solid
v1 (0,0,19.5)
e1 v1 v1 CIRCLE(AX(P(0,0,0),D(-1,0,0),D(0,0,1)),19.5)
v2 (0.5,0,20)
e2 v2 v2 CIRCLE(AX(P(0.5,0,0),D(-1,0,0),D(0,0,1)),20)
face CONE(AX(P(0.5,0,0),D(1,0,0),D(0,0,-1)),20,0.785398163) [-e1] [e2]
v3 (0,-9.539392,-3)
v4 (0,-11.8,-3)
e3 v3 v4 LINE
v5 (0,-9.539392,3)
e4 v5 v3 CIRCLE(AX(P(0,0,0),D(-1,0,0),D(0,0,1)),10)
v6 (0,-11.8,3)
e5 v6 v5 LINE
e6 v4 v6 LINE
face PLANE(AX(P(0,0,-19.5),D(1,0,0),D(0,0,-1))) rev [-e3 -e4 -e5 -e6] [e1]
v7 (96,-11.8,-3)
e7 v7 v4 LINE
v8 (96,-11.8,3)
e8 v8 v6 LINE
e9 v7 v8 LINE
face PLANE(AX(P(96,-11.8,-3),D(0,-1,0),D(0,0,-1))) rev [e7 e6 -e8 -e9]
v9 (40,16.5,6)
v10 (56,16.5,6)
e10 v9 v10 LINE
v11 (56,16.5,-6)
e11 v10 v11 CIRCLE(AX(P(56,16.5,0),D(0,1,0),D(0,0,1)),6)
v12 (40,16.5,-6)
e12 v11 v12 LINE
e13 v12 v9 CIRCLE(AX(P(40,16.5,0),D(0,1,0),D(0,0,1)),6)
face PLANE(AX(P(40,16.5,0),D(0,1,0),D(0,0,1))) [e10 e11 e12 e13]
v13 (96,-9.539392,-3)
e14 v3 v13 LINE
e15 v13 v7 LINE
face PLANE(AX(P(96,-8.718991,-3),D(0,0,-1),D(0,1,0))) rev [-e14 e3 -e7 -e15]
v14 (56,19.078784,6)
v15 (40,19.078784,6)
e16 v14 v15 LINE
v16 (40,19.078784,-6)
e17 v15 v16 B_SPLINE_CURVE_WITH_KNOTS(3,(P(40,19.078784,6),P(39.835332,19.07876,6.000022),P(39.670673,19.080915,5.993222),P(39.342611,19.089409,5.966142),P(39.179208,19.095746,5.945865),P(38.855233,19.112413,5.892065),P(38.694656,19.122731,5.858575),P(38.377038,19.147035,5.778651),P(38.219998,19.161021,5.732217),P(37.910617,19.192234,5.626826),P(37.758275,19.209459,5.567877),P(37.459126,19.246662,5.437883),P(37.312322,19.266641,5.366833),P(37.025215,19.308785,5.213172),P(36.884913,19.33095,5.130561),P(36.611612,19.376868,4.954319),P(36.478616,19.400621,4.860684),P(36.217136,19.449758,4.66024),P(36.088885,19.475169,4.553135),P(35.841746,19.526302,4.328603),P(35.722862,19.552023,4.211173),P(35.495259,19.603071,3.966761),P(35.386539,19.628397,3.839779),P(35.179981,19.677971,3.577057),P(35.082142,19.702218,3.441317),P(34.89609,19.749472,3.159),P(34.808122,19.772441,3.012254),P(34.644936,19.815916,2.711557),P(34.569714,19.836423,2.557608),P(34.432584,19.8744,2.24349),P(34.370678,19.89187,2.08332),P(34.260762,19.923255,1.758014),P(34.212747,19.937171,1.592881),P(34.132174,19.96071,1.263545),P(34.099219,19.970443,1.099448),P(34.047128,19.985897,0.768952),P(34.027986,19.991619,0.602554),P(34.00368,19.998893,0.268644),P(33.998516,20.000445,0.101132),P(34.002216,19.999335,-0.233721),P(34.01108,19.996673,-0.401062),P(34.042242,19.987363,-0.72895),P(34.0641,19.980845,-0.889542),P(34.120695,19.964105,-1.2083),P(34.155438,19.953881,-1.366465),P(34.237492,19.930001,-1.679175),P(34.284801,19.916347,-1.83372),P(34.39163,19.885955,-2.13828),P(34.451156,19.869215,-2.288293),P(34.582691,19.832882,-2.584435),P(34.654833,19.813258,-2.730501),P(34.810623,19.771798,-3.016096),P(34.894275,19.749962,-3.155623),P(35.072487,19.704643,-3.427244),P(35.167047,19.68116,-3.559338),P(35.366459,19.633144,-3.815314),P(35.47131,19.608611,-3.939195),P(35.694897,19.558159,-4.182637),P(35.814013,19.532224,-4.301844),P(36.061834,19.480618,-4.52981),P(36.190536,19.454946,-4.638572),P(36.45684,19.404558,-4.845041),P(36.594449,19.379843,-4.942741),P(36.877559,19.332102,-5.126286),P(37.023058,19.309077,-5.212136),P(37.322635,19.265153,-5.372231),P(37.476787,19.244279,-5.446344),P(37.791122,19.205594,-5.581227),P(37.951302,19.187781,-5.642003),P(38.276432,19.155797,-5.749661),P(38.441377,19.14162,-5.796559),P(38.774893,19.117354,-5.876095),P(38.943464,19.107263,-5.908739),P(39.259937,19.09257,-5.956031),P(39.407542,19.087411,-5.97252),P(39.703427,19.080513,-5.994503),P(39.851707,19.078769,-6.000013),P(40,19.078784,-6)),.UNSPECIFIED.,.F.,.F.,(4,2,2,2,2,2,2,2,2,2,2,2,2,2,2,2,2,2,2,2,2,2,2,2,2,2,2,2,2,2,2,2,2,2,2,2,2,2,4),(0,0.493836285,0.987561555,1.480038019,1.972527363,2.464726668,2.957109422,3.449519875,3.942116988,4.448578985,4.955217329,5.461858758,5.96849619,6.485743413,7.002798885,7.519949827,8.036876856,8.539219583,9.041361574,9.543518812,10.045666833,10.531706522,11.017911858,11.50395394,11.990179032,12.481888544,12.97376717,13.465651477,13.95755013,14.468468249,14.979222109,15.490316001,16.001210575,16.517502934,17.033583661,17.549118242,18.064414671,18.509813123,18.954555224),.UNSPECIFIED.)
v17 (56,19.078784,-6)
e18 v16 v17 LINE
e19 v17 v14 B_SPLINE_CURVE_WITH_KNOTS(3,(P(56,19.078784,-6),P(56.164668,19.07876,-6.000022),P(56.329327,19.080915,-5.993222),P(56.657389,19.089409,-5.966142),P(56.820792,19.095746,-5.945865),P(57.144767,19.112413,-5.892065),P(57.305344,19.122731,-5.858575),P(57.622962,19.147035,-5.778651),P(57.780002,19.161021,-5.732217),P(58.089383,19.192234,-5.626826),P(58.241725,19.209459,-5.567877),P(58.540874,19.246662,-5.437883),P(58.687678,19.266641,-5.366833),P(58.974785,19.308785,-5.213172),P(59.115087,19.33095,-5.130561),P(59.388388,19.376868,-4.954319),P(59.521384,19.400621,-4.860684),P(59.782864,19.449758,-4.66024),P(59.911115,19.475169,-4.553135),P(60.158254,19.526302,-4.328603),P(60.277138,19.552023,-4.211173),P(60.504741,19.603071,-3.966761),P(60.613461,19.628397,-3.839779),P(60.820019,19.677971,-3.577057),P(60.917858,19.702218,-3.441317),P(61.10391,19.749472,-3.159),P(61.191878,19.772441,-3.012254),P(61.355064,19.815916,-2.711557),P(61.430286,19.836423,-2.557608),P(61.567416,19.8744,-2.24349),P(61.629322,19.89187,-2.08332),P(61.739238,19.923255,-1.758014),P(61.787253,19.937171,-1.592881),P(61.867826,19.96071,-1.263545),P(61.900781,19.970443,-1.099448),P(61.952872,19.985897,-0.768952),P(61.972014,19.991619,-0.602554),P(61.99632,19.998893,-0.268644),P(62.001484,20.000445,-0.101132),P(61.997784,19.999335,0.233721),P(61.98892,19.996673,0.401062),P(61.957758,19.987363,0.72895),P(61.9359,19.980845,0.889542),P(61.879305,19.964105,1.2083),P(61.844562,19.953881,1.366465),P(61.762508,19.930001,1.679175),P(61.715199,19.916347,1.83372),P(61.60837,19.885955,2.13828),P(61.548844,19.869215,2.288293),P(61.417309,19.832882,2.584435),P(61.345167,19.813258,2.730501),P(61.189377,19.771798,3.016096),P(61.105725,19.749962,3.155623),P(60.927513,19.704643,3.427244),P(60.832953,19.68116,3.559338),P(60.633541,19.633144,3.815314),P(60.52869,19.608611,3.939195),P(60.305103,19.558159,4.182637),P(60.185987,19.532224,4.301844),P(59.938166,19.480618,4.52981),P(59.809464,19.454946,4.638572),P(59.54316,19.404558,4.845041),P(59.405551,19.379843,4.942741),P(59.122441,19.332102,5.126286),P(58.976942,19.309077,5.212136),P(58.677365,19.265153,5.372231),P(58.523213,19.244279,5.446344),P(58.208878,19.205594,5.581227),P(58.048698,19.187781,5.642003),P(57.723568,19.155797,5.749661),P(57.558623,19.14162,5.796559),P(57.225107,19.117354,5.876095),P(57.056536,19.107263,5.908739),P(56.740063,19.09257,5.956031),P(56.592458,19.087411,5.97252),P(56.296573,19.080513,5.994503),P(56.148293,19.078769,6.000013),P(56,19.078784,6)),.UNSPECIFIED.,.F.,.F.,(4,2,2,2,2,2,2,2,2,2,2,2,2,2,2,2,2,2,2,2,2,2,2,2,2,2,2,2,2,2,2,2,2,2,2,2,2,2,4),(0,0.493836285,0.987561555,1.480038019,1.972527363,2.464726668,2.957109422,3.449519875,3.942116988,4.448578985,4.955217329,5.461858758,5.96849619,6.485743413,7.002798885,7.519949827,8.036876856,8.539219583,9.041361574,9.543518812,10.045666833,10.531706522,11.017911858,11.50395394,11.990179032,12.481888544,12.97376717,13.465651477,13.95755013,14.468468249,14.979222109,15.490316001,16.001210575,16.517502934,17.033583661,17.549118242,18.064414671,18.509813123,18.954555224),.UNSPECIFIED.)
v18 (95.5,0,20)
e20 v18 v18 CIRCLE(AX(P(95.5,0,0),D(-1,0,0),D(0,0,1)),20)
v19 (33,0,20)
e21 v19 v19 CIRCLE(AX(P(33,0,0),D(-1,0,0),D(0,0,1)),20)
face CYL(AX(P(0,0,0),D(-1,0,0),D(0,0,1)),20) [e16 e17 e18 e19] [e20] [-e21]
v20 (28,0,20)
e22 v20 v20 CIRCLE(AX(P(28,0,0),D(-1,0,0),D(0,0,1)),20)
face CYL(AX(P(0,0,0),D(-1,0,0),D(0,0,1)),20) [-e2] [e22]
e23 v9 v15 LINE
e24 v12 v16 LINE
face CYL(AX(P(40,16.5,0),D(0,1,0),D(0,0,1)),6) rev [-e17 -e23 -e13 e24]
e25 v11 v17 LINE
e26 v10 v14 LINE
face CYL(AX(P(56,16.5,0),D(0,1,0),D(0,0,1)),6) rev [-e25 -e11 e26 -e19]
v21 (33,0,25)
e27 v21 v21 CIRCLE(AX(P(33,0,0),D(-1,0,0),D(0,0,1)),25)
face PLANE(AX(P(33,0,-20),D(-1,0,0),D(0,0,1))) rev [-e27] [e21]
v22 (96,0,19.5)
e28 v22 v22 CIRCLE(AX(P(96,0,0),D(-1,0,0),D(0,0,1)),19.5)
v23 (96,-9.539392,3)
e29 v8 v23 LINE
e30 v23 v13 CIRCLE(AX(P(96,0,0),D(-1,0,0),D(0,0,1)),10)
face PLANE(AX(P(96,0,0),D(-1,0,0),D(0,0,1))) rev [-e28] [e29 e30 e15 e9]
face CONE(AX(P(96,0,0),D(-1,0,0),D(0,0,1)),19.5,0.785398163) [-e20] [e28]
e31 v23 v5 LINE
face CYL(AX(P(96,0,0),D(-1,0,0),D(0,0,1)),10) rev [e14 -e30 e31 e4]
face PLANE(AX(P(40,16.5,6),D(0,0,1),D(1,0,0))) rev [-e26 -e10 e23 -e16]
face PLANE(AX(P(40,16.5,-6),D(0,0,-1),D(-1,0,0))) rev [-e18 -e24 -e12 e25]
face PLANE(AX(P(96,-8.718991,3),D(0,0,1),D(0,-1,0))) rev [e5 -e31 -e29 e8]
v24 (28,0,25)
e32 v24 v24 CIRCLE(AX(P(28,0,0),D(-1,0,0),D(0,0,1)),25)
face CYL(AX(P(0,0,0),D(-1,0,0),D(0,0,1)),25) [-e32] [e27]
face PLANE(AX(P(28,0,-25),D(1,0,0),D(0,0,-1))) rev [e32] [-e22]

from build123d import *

# Parameters (mm, degrees)
CUT_EXTRUDE1_DEPTH = 3.5
SKETCH3_R          = 10
CUT_EXTRUDE2_DEPTH = 103.303470127
SKETCH4_W          = 6
SKETCH4_H          = 3.081008582
CUT_EXTRUDE3_DEPTH = 103.303470127


with BuildPart() as part:
    # Sketch1 → Revolve1 (revolve)
    with BuildSketch(Plane(origin=(0, 0, 0), x_dir=(1, 0, 0), z_dir=(0, 1, 0)), mode=Mode.PRIVATE) as revolve1_sk:
        Polygon((96, 0), (96, 19.5), (95.5, 20), (33, 20), (33, 25), (28, 25), (28, 20), (0.5, 20), (0, 19.5), (0, 0), align=None)
    revolve(revolve1_sk.sketch.rotate(Axis((0, 0, 0), (1, 0, 0)), 180), axis=Axis((0, 0, 0), (1, 0, 0)))

    # Sketch2 → Cut-Extrude1 (cut)
    with BuildSketch(Plane(origin=(0, 20, 0), x_dir=(1, 0, 0), z_dir=(0, 1, 0))):
        with BuildLine():
            Line((40, 6), (56, 6))
            ThreePointArc((56, 6), (62, 0), (56, -6))
            Line((56, -6), (40, -6))
            ThreePointArc((40, -6), (34, 0), (40, 6))
        make_face()
    extrude(amount=-CUT_EXTRUDE1_DEPTH, mode=Mode.SUBTRACT)

    # Sketch3 → Cut-Extrude2 (cut, through all)
    with BuildSketch(Plane.ZY):
        Circle(SKETCH3_R)
    extrude(amount=-CUT_EXTRUDE2_DEPTH, mode=Mode.SUBTRACT)

    # Sketch4 → Cut-Extrude3 (cut, through all)
    with BuildSketch(Plane.ZY):
        with Locations((0, -10.259495709)):
            Rectangle(SKETCH4_W, SKETCH4_H)
    extrude(amount=-CUT_EXTRUDE3_DEPTH, mode=Mode.SUBTRACT)


solid = part.part
